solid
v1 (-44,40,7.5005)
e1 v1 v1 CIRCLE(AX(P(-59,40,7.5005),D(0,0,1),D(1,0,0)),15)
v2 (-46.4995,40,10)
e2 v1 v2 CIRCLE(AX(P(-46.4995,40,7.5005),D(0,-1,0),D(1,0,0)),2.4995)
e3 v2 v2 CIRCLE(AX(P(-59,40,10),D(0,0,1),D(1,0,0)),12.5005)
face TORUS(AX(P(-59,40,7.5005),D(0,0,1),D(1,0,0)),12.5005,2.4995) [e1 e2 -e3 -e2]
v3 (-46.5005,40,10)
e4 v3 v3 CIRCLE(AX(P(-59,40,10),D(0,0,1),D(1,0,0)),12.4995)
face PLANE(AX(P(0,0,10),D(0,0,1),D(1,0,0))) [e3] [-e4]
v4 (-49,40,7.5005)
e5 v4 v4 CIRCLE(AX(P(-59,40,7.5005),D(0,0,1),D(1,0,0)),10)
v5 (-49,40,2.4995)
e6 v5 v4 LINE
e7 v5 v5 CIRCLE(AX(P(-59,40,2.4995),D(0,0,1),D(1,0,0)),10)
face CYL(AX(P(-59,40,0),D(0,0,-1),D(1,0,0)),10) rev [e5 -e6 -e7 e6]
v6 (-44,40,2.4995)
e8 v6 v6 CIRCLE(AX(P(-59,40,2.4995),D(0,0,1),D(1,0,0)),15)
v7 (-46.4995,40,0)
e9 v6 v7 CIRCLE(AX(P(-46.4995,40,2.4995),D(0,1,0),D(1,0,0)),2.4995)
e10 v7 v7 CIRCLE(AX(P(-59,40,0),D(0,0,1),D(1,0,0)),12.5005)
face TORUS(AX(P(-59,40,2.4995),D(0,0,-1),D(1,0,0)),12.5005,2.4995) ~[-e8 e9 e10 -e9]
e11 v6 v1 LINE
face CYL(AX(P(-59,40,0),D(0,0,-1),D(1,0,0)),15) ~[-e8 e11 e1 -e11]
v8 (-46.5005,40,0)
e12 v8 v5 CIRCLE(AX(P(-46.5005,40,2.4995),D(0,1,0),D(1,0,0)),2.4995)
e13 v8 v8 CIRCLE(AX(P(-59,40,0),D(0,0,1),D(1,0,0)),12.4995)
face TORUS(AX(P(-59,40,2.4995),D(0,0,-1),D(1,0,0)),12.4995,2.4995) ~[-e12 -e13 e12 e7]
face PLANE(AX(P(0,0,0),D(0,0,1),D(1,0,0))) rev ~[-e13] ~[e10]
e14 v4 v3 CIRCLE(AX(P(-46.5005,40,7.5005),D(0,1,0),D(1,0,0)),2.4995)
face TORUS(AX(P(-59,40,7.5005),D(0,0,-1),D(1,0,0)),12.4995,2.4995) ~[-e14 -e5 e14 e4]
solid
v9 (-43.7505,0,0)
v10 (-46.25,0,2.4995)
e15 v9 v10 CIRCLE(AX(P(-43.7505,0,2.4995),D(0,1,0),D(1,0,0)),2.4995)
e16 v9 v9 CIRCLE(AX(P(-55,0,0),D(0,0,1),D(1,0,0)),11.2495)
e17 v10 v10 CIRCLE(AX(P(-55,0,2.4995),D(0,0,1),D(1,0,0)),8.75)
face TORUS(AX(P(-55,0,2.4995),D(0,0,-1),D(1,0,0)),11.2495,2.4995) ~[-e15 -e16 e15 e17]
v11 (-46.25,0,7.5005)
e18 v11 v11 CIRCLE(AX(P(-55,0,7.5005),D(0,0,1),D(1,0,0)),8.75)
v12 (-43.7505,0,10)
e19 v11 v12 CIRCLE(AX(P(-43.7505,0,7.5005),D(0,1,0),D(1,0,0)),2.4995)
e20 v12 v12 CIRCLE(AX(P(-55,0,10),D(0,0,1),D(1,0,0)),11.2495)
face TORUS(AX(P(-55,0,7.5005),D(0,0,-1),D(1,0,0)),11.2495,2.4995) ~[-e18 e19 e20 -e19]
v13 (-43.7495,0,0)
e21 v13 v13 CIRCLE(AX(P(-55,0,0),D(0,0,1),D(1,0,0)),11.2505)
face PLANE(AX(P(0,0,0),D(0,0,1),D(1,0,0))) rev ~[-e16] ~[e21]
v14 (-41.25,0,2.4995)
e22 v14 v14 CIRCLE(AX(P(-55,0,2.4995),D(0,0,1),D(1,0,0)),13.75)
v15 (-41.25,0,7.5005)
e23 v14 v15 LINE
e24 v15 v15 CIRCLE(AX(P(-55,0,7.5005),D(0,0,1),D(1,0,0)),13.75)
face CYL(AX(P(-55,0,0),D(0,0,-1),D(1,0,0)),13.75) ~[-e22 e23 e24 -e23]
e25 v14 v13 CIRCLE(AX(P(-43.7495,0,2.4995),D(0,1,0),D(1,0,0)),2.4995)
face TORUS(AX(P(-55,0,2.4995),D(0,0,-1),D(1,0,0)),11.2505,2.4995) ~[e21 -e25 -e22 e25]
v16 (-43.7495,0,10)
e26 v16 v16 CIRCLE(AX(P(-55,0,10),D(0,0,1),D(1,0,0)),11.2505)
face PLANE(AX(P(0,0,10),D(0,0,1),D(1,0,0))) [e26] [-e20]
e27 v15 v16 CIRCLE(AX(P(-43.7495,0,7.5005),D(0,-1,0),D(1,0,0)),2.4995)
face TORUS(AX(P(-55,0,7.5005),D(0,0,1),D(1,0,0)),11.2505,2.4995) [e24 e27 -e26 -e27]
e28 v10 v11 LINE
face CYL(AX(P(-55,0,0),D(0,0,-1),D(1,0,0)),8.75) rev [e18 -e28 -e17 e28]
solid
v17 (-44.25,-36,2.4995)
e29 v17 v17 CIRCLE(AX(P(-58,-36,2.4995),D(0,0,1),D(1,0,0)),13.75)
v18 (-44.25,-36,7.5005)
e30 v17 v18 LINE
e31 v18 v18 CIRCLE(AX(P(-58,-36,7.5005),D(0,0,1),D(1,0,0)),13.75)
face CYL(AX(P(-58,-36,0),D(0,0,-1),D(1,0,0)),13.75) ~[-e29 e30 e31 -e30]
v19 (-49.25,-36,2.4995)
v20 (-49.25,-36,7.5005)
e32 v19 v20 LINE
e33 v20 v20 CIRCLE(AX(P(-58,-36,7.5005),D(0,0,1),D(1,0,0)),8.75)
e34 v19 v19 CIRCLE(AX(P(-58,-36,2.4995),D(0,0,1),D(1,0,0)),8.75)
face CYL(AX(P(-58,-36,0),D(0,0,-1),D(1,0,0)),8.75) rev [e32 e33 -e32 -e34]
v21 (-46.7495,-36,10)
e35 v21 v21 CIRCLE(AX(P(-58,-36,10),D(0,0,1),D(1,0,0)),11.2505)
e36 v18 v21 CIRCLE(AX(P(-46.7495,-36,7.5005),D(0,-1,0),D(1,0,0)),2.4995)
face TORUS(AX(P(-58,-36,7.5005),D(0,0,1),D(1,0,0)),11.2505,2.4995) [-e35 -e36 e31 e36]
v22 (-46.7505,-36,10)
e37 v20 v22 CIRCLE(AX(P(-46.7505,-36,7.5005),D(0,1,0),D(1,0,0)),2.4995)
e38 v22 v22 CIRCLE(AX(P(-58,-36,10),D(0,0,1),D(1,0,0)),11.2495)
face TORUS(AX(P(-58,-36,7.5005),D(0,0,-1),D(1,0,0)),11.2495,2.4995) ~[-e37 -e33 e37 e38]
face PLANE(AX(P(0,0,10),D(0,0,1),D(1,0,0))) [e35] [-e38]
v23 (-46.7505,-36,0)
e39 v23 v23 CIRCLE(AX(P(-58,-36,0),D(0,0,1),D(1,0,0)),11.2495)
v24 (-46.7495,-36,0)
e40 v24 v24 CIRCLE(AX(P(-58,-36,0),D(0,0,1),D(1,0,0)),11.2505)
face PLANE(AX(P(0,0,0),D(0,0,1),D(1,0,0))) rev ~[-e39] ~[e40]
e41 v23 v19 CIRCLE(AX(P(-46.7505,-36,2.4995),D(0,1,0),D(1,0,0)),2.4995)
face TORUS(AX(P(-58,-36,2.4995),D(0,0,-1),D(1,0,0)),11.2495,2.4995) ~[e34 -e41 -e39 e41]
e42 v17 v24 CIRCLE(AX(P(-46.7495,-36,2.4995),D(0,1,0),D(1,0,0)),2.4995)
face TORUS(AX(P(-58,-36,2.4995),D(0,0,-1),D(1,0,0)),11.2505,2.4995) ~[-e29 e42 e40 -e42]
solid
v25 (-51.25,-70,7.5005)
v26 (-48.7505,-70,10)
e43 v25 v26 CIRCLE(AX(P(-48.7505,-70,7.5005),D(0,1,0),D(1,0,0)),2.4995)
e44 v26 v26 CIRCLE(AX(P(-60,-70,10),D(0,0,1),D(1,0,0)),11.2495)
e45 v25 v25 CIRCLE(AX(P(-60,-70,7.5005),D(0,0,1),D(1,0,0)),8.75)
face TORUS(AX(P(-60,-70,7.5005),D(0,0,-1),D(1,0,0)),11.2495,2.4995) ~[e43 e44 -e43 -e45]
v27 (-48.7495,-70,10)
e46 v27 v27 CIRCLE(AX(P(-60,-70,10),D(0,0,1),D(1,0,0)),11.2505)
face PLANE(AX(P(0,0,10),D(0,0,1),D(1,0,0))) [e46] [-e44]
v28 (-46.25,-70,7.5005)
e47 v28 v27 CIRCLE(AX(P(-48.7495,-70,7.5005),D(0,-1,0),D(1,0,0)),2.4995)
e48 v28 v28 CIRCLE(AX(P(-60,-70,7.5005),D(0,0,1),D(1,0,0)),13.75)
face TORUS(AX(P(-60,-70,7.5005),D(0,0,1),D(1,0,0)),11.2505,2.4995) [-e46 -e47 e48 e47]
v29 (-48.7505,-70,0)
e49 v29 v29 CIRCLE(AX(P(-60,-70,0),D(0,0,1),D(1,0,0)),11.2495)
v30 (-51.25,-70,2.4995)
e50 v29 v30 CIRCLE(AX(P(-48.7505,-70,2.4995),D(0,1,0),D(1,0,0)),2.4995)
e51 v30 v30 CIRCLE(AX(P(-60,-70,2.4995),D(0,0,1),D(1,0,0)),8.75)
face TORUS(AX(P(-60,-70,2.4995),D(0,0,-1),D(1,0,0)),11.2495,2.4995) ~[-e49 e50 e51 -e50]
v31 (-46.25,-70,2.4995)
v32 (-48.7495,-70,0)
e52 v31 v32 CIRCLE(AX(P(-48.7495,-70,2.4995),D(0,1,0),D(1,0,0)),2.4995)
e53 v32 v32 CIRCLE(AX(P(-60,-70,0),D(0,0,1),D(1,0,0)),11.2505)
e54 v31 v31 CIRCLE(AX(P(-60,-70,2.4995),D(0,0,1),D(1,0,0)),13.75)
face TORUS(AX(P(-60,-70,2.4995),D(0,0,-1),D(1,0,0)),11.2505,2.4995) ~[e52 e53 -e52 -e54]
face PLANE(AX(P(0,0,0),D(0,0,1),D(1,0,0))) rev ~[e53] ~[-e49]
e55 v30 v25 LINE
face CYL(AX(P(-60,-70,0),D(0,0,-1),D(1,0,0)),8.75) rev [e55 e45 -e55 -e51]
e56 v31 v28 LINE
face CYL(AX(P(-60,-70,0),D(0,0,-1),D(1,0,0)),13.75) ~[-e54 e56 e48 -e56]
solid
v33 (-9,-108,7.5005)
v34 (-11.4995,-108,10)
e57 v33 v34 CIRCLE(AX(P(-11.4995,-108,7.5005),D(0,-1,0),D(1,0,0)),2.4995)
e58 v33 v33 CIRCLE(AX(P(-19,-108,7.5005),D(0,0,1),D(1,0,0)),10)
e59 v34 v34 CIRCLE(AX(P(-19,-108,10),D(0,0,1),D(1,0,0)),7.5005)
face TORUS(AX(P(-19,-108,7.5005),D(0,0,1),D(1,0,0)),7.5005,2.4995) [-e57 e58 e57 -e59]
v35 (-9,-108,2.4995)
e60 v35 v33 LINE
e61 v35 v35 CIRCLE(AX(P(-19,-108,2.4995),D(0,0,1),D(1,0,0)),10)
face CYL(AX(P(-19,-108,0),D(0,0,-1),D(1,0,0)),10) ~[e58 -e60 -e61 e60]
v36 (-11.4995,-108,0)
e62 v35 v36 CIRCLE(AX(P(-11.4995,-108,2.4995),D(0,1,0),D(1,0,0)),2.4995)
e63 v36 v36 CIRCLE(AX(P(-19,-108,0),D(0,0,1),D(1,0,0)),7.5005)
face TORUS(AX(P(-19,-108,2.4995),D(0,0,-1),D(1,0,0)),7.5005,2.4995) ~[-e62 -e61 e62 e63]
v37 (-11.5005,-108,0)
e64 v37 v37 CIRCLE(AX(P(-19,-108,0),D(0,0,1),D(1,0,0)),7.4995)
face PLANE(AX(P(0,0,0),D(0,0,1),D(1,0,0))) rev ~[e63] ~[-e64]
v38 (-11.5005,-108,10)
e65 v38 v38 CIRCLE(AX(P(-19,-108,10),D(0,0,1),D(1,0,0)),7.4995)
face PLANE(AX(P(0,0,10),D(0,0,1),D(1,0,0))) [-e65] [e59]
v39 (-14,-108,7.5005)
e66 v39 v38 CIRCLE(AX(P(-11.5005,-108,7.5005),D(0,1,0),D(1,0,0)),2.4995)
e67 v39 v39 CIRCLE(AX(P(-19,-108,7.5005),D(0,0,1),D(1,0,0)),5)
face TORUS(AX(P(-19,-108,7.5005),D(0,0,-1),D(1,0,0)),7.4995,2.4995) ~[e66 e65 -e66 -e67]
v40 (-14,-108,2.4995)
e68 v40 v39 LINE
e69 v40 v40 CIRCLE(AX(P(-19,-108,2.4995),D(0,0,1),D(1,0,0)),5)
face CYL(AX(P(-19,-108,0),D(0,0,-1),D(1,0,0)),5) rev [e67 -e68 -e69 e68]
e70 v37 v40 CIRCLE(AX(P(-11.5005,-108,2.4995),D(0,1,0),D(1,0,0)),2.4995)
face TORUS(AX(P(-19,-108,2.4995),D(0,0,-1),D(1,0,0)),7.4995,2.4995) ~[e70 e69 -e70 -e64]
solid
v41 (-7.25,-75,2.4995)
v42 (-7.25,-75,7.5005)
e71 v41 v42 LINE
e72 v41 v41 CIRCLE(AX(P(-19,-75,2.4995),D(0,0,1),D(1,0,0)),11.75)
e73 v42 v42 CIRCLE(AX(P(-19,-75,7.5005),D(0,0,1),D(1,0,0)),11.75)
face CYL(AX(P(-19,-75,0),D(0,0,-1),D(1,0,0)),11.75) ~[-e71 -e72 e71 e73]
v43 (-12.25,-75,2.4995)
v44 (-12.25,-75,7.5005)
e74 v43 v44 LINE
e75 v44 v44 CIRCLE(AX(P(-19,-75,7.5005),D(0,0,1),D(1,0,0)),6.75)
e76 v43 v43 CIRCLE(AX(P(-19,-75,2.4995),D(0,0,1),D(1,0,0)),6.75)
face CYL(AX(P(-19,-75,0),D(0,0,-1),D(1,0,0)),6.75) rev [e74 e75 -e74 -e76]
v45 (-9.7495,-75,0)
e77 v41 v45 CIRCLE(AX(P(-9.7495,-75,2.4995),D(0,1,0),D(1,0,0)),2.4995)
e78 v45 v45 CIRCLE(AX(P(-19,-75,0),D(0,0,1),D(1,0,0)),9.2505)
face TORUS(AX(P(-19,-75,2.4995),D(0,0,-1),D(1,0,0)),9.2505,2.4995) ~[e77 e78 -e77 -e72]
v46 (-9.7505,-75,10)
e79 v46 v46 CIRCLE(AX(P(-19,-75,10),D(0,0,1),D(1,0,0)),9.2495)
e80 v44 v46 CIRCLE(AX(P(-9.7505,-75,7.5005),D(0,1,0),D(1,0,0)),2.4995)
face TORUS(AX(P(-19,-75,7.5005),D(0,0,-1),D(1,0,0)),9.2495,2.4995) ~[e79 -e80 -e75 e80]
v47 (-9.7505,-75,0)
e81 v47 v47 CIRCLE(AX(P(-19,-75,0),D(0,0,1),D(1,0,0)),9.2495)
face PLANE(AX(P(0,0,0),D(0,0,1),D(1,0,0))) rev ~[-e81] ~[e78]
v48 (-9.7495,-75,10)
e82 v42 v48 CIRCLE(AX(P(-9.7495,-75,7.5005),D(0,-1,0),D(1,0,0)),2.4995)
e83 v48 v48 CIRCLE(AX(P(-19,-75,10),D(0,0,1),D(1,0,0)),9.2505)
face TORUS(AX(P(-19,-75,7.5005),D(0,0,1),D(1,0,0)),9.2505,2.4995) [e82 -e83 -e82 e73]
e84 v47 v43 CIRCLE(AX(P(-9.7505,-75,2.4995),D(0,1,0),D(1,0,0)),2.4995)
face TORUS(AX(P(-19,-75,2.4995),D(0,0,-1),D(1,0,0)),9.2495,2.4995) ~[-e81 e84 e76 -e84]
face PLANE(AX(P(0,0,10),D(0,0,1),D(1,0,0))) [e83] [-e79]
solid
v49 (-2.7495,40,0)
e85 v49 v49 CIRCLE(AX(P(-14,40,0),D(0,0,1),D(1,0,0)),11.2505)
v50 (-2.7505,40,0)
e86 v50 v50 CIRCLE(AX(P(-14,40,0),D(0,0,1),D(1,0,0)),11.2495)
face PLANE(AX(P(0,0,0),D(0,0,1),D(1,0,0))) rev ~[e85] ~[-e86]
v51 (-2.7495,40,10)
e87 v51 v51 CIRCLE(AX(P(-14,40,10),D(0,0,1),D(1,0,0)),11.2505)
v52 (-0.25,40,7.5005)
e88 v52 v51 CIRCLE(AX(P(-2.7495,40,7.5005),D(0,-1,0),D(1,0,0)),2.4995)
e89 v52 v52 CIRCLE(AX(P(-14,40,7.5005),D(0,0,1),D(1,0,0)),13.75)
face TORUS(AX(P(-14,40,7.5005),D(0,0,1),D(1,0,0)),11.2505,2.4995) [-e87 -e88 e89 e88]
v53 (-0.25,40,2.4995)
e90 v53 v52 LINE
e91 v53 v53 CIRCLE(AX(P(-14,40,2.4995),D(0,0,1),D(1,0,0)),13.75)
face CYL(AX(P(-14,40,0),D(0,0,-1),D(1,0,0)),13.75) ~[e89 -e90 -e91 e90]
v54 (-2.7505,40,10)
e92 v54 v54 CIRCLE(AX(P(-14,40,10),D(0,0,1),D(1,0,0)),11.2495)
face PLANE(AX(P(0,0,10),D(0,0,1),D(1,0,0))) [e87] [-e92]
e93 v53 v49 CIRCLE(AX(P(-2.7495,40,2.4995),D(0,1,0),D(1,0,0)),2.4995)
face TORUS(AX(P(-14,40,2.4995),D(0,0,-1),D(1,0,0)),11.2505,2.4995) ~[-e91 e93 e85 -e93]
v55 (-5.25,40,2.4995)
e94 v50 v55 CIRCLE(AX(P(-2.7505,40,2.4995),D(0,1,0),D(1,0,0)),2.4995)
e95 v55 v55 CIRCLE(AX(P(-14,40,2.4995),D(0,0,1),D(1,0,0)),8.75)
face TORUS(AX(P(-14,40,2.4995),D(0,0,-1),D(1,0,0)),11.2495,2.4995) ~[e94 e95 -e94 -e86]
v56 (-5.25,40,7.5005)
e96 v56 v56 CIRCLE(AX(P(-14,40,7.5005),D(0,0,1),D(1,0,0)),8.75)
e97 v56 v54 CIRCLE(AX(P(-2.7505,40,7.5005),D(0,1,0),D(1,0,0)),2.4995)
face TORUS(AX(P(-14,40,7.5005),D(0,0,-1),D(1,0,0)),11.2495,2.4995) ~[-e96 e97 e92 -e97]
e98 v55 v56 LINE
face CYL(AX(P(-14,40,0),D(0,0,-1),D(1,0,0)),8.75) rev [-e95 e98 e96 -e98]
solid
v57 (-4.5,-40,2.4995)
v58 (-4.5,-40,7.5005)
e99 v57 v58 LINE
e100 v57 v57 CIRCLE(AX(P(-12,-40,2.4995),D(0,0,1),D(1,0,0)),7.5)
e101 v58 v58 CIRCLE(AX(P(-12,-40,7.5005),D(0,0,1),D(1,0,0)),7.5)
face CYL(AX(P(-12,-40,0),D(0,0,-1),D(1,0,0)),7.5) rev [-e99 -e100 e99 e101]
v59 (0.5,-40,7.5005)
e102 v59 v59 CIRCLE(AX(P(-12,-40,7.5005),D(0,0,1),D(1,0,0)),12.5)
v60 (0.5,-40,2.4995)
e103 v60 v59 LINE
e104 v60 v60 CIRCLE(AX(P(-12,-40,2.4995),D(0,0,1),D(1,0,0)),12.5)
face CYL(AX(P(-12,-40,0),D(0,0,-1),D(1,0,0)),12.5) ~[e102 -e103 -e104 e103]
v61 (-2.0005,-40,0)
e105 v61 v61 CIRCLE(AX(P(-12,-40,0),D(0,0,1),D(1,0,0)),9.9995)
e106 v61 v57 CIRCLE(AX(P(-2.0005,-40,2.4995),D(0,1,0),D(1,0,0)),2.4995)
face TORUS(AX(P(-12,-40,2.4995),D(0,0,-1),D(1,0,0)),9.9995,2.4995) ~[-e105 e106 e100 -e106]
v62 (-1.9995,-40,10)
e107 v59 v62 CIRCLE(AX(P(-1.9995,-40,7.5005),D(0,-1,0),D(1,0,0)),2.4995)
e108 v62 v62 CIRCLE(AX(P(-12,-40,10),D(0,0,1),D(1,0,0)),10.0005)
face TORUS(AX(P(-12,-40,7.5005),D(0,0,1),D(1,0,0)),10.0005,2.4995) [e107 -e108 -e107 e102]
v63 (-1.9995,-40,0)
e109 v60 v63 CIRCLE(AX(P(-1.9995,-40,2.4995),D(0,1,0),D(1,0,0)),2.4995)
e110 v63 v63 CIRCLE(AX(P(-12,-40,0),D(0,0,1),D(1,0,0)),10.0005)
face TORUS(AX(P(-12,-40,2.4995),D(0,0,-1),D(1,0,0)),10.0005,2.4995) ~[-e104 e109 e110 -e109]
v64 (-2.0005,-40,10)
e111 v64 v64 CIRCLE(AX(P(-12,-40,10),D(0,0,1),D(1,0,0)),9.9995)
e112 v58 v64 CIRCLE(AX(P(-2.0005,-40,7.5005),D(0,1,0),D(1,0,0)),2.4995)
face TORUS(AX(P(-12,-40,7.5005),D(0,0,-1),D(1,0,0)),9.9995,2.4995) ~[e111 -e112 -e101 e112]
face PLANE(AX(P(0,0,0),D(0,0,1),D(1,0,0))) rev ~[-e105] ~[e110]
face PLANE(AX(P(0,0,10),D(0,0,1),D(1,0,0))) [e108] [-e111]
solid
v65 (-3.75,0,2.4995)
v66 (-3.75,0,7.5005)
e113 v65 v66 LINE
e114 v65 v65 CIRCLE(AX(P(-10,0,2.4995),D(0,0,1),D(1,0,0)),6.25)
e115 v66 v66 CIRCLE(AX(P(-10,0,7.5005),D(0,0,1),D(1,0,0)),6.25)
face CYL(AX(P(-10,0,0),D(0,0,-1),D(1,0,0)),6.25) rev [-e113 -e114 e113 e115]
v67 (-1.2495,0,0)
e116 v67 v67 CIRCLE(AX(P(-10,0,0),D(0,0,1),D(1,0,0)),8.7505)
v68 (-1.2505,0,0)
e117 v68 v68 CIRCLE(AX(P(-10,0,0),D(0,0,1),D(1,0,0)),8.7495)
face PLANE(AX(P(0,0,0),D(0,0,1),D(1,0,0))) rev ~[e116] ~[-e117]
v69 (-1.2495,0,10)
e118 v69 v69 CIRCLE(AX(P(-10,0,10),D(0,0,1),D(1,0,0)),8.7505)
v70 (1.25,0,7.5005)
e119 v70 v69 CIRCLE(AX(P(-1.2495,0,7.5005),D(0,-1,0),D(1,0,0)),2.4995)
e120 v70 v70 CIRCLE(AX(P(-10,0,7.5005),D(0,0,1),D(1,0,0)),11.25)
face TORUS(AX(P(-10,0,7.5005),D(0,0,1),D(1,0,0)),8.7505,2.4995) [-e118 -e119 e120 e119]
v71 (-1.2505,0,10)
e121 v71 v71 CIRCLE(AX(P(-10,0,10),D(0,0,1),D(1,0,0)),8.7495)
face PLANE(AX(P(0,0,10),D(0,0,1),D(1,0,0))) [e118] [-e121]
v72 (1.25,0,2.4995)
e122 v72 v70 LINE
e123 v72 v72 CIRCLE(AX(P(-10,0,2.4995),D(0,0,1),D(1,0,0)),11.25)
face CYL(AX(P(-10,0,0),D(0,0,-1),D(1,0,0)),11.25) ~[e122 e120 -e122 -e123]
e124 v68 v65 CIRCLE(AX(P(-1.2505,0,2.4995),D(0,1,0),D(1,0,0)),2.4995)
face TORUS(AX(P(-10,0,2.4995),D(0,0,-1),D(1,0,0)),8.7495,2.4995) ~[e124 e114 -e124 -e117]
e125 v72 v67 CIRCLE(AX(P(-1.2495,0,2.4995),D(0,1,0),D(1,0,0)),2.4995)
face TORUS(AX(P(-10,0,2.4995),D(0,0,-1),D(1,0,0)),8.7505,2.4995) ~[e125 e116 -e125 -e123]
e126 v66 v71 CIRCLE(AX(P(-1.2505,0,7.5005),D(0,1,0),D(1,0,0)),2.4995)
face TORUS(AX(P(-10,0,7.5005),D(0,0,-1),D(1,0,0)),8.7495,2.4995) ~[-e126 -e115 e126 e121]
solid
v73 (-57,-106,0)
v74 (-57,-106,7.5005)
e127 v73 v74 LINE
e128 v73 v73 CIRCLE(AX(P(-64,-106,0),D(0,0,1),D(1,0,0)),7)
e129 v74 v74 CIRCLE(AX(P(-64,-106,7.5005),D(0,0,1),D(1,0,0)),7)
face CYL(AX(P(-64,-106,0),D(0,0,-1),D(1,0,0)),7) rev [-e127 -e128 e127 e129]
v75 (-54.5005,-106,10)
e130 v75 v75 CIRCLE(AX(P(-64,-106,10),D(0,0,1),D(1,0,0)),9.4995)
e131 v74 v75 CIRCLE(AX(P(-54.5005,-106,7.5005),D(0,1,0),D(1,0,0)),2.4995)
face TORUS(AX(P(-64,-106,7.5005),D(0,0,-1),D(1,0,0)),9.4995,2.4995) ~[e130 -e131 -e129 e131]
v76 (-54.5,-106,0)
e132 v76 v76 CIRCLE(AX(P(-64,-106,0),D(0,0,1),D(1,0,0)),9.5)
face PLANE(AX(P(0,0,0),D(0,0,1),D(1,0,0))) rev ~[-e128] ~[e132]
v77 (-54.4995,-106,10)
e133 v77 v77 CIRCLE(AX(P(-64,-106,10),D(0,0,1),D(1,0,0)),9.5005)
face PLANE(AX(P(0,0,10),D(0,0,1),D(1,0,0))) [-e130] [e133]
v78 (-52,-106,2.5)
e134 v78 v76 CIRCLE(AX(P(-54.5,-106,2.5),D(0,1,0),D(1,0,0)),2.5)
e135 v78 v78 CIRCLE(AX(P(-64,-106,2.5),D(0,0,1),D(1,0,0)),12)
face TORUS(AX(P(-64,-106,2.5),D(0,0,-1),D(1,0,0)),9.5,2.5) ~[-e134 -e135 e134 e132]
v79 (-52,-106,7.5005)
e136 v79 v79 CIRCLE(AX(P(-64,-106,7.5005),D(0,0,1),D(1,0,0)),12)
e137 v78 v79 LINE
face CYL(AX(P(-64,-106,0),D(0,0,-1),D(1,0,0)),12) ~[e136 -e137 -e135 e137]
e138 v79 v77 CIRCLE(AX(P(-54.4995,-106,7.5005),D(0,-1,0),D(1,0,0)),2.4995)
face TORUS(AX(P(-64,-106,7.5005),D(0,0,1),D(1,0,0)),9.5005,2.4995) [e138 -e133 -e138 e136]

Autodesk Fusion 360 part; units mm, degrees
sketch "Skizze1" plane through (0, 0, 0) normal (0, 0, 1) x (1, 0, 0)
  circle A0 centre (-55, 0) radius 8.75
  circle A1 centre (-55, 0) radius 13.75
  circle A2 centre (-10, 0) radius 6.25
  circle A3 centre (-10, 0) radius 11.25
  circle A4 centre (-59, 40) radius 10
  circle A5 centre (-59, 40) radius 15
  circle A6 centre (-14, 40) radius 8.75
  circle A7 centre (-14, 40) radius 13.75
  circle A8 centre (-58, -36) radius 8.75
  circle A9 centre (-58, -36) radius 13.75
  circle A10 centre (-12, -40) radius 7.5
  circle A11 centre (-12, -40) radius 12.5
  circle A12 centre (-60, -70) radius 8.75
  circle A13 centre (-60, -70) radius 13.75
  circle A14 centre (-19, -75) radius 6.75
  circle A15 centre (-19, -75) radius 11.75
  circle A16 centre (-64, -106) radius 7
  circle A17 centre (-64, -106) radius 12
  circle A18 centre (-19, -108) radius 5
  circle A19 centre (-19, -108) radius 10
  dimension "d2" = 12.5
  dimension "d15" = 17.5
  dimension "d18" = 5
  dimension "d19" = 5
  dimension "d20" = 20
  dimension "d22" = 5
  dimension "d23" = 17.5
  dimension "d24" = 5
  dimension "d25" = 17.5
  dimension "d26" = 5
  dimension "d27" = 15
  dimension "d29" = 5
  dimension "d30" = 17.5
  dimension "d32" = 5
  dimension "d33" = 13.5
  dimension "d35" = 5
  dimension "d36" = 14
  dimension "d38" = 5
  dimension "d39" = 10
  dimension "d41" = 5
extrude "Extrusion2" add sketch "Skizze1" along normal blind 10 contours A5 | A7 makes body 1 at (-44.0186, 39.2523, 6.6667) makes body 2 at (-0.2671, 39.3146, 6.6667)
extrude "Extrusion3" add sketch "Skizze1" along normal blind 10 separate body contours A1 | A3 makes body 3 at (-41.2671, -0.6854, 6.6667) makes body 4 at (1.236, -0.5608, 6.6667)
extrude "Extrusion4" add sketch "Skizze1" along normal blind 10 separate body contours A9 | A11 makes body 5 at (-44.2671, -36.6854, 6.6667) makes body 6 at (0.4845, -40.6231, 6.6667)
extrude "Extrusion5" add sketch "Skizze1" along normal blind 10 separate body contours A13 | A15 makes body 7 at (-46.2671, -70.6854, 6.6667) makes body 8 at (-7.2646, -75.5857, 6.6667)
extrude "Extrusion6" add sketch "Skizze1" along normal blind 10 separate body contours A17 | A19 makes body 9 at (-52.0149, -106.5982, 6.6667) makes body 10 at (-9.0124, -108.4985, 6.6667)
fillet "Abrundung5" radius 2.5 20 edges at (-68.3233, 43.6162, 10) (-72.9849, 34.5758, 10) (-26.8195, 35.0278, 10) (-22.1579, 43.1641, 10) (-63.1579, 3.1641, 10) (-67.8195, -4.9722, 10) (-20.4887, -4.0682, 10) (-15.827, 2.2601, 10) (-70.8195, -40.9722, 10) (-66.1579, -32.8359, 10) (-18.9925, -37.2879, 10) (-23.6541, -44.5202, 10) (-68.1579, -66.8359, 10) (-72.8195, -74.9722, 10) (-29.9548, -79.249, 10) (-25.2932, -72.5591, 10) (-70.5263, -103.4687, 10) (-75.1879, -110.3394, 10) (-28.3233, -111.6162, 10) (-23.6616, -106.1919, 10) on bodies 1 2 3 4 5 6 7 8 9 10
fillet "Abrundung6" radius 2.5 19 edges at (-68.3233, 43.6162, 0) (-72.9849, 34.5758, 0) (-26.8195, 35.0278, 0) (-22.1579, 43.1641, 0) (-63.1579, 3.1641, 0) (-67.8195, -4.9722, 0) (-15.827, 2.2601, 0) (-20.4887, -4.0682, 0) (-66.1579, -32.8359, 0) (-70.8195, -40.9722, 0) (-23.6541, -44.5202, 0) (-18.9925, -37.2879, 0) (-68.1579, -66.8359, 0) (-72.8195, -74.9722, 0) (-29.9548, -79.249, 0) (-25.2932, -72.5591, 0) (-75.1879, -110.3394, 0) (-28.3233, -111.6162, 0) (-23.6616, -106.1919, 0) on bodies 1 2 3 4 5 6 7 8 9 10
equation "d2 = 15 mm - 2.5 mm"
